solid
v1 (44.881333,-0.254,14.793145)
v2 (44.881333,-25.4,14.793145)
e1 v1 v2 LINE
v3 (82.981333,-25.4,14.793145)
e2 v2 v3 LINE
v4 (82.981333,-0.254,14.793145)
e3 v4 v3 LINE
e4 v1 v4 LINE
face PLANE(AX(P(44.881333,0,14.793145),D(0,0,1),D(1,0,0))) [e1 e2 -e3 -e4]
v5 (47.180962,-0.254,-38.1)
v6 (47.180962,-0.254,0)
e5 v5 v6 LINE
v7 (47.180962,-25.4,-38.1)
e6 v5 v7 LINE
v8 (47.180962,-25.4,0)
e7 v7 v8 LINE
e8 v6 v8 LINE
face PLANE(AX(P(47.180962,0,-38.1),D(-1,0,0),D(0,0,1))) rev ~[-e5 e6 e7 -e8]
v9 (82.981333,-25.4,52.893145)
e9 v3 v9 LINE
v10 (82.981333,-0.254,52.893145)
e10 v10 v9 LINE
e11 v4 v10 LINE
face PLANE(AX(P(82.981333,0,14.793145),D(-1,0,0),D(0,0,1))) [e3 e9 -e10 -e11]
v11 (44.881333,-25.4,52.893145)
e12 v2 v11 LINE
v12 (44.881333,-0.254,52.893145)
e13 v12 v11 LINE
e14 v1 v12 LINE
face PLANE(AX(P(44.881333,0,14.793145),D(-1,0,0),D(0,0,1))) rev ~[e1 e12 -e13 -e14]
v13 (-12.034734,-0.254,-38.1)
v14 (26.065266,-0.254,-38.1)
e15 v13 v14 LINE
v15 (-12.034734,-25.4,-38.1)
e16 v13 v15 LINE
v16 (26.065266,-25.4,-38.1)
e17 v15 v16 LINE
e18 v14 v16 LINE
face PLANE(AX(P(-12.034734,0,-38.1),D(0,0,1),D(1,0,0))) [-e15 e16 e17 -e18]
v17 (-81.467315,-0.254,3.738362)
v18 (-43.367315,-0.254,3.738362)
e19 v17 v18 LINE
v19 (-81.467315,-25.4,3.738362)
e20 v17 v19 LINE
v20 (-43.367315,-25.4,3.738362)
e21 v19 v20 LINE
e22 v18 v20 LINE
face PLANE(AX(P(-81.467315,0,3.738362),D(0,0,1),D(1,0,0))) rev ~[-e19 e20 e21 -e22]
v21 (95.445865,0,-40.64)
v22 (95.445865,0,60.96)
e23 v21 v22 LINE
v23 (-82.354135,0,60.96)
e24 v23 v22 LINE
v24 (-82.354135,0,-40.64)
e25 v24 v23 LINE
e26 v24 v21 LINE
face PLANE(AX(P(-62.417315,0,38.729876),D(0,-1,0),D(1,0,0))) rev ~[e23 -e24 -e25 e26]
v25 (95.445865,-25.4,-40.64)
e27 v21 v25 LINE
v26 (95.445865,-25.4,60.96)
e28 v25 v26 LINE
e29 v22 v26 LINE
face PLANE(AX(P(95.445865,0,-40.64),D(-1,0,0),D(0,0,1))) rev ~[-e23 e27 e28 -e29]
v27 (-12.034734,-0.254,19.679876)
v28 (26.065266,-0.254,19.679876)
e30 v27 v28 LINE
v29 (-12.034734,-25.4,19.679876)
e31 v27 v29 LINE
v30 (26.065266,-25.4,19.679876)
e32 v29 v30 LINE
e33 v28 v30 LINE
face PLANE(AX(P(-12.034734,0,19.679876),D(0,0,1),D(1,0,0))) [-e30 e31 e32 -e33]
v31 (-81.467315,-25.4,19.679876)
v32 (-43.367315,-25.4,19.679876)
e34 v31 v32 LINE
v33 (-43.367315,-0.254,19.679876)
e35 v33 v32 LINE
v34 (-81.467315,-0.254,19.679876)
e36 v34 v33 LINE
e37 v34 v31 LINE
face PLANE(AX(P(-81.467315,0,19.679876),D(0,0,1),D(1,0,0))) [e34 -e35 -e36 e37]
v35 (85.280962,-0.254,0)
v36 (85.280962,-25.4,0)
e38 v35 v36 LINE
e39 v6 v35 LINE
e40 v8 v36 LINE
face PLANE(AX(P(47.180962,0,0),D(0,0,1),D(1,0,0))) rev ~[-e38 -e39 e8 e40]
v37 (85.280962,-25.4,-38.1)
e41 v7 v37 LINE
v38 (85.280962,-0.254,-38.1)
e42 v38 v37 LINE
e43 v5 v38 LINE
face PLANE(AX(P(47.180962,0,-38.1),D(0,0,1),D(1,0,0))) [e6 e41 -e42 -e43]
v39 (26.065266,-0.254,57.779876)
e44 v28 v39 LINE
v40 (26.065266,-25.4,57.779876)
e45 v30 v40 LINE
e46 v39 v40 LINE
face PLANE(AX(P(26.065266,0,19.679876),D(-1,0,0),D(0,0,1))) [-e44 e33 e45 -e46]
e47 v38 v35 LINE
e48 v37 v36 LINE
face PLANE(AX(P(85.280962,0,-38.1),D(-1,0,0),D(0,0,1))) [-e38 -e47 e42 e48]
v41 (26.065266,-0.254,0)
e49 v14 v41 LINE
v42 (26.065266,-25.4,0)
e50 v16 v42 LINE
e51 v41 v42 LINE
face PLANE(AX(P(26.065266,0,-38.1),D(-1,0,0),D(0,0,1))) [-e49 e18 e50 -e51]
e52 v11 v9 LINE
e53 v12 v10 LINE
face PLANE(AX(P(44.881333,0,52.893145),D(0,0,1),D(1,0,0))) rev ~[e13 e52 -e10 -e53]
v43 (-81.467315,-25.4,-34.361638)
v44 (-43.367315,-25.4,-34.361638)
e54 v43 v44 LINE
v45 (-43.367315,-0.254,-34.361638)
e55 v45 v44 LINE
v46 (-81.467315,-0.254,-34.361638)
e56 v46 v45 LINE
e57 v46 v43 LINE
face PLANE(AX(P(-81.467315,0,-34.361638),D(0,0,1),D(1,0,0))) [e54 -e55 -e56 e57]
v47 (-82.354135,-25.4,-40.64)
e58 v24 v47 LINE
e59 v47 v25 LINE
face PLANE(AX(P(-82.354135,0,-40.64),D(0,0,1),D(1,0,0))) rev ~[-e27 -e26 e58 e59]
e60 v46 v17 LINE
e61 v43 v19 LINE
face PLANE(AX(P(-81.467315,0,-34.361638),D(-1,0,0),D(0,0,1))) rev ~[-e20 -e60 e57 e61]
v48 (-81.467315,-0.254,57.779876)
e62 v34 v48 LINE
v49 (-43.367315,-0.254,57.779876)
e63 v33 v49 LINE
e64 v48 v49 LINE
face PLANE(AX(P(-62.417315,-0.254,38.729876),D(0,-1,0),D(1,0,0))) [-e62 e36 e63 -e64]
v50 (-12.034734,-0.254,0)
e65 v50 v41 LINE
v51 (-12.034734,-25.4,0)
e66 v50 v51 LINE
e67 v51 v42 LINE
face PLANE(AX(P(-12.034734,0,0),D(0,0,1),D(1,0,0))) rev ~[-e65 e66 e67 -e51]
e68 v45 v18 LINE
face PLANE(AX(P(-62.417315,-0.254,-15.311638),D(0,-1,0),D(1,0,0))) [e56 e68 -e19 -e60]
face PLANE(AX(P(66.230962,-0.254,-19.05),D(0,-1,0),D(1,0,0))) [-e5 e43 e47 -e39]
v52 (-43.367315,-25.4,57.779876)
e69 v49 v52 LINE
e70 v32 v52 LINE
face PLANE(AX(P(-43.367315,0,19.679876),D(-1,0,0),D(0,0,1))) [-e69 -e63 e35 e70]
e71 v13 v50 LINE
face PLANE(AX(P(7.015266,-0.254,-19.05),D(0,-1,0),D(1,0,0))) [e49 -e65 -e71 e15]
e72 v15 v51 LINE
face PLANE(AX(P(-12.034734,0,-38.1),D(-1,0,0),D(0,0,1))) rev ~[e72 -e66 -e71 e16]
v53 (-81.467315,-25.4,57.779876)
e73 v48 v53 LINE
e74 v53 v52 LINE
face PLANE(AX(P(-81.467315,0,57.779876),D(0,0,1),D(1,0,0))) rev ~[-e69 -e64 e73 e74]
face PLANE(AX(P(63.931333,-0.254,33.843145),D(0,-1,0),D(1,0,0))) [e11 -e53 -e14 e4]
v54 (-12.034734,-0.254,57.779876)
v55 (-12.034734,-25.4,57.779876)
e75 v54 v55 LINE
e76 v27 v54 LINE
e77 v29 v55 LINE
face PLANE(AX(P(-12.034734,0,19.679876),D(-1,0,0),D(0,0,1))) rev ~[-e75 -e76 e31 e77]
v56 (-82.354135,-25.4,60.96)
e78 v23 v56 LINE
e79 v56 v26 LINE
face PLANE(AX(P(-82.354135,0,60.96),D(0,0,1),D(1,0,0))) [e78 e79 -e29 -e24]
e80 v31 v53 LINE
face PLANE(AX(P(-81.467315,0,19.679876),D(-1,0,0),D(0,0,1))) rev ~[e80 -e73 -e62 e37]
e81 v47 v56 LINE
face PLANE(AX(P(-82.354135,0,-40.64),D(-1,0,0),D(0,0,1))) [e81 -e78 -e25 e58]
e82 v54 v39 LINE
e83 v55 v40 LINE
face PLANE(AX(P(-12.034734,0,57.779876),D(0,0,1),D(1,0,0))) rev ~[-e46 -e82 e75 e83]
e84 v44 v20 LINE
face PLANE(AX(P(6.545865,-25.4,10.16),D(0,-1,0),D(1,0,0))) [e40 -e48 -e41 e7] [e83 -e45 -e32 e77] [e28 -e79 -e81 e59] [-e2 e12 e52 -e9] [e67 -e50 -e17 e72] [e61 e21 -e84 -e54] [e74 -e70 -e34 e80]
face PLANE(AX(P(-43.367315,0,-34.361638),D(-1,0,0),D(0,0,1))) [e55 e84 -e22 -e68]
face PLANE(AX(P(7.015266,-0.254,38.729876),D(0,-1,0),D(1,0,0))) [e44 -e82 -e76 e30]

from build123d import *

# Parameters (mm, degrees)
F0_W     = 177.8
F0_H     = 101.6
F0_W_2   = 38.1
F0_H_2   = 38.1
F1_DEPTH = 25.4
F2_DEPTH = 0.254


with BuildPart() as f1:
    # F0 (on Front) → F1 (new body)
    with BuildSketch(Plane.XZ):
        with Locations((6.545865, 10.16)):
            Rectangle(F0_W, F0_H)
        with Locations((-62.417315, -15.311638)):
            Rectangle(F0_W_2, F0_H_2, mode=Mode.SUBTRACT)
        with Locations((7.015266, -19.05)):
            Rectangle(F0_W_2, F0_H_2, mode=Mode.SUBTRACT)
        with Locations((66.230962, -19.05)):
            Rectangle(F0_W_2, F0_H_2, mode=Mode.SUBTRACT)
        with Locations((-62.417315, 38.729876)):
            Rectangle(F0_W_2, F0_H_2, mode=Mode.SUBTRACT)
        with Locations((63.931333, 33.843145)):
            Rectangle(F0_W_2, F0_H_2, mode=Mode.SUBTRACT)
        with Locations((7.015266, 38.729876)):
            Rectangle(F0_W_2, F0_H_2, mode=Mode.SUBTRACT)
    extrude(amount=F1_DEPTH)

    # F0 (on Front) → F2 (join)
    with BuildSketch(Plane.XZ):
        with Locations((-62.417315, 38.729876)):
            Rectangle(F0_W_2, F0_H_2)
        with Locations((7.015266, 38.729876)):
            Rectangle(F0_W_2, F0_H_2)
        with Locations((63.931333, 33.843145)):
            Rectangle(F0_W_2, F0_H_2)
        with Locations((66.230962, -19.05)):
            Rectangle(F0_W_2, F0_H_2)
        with Locations((7.015266, -19.05)):
            Rectangle(F0_W_2, F0_H_2)
        with Locations((-62.417315, -15.311638)):
            Rectangle(F0_W_2, F0_H_2)
    extrude(amount=F2_DEPTH)


solid = f1.part
